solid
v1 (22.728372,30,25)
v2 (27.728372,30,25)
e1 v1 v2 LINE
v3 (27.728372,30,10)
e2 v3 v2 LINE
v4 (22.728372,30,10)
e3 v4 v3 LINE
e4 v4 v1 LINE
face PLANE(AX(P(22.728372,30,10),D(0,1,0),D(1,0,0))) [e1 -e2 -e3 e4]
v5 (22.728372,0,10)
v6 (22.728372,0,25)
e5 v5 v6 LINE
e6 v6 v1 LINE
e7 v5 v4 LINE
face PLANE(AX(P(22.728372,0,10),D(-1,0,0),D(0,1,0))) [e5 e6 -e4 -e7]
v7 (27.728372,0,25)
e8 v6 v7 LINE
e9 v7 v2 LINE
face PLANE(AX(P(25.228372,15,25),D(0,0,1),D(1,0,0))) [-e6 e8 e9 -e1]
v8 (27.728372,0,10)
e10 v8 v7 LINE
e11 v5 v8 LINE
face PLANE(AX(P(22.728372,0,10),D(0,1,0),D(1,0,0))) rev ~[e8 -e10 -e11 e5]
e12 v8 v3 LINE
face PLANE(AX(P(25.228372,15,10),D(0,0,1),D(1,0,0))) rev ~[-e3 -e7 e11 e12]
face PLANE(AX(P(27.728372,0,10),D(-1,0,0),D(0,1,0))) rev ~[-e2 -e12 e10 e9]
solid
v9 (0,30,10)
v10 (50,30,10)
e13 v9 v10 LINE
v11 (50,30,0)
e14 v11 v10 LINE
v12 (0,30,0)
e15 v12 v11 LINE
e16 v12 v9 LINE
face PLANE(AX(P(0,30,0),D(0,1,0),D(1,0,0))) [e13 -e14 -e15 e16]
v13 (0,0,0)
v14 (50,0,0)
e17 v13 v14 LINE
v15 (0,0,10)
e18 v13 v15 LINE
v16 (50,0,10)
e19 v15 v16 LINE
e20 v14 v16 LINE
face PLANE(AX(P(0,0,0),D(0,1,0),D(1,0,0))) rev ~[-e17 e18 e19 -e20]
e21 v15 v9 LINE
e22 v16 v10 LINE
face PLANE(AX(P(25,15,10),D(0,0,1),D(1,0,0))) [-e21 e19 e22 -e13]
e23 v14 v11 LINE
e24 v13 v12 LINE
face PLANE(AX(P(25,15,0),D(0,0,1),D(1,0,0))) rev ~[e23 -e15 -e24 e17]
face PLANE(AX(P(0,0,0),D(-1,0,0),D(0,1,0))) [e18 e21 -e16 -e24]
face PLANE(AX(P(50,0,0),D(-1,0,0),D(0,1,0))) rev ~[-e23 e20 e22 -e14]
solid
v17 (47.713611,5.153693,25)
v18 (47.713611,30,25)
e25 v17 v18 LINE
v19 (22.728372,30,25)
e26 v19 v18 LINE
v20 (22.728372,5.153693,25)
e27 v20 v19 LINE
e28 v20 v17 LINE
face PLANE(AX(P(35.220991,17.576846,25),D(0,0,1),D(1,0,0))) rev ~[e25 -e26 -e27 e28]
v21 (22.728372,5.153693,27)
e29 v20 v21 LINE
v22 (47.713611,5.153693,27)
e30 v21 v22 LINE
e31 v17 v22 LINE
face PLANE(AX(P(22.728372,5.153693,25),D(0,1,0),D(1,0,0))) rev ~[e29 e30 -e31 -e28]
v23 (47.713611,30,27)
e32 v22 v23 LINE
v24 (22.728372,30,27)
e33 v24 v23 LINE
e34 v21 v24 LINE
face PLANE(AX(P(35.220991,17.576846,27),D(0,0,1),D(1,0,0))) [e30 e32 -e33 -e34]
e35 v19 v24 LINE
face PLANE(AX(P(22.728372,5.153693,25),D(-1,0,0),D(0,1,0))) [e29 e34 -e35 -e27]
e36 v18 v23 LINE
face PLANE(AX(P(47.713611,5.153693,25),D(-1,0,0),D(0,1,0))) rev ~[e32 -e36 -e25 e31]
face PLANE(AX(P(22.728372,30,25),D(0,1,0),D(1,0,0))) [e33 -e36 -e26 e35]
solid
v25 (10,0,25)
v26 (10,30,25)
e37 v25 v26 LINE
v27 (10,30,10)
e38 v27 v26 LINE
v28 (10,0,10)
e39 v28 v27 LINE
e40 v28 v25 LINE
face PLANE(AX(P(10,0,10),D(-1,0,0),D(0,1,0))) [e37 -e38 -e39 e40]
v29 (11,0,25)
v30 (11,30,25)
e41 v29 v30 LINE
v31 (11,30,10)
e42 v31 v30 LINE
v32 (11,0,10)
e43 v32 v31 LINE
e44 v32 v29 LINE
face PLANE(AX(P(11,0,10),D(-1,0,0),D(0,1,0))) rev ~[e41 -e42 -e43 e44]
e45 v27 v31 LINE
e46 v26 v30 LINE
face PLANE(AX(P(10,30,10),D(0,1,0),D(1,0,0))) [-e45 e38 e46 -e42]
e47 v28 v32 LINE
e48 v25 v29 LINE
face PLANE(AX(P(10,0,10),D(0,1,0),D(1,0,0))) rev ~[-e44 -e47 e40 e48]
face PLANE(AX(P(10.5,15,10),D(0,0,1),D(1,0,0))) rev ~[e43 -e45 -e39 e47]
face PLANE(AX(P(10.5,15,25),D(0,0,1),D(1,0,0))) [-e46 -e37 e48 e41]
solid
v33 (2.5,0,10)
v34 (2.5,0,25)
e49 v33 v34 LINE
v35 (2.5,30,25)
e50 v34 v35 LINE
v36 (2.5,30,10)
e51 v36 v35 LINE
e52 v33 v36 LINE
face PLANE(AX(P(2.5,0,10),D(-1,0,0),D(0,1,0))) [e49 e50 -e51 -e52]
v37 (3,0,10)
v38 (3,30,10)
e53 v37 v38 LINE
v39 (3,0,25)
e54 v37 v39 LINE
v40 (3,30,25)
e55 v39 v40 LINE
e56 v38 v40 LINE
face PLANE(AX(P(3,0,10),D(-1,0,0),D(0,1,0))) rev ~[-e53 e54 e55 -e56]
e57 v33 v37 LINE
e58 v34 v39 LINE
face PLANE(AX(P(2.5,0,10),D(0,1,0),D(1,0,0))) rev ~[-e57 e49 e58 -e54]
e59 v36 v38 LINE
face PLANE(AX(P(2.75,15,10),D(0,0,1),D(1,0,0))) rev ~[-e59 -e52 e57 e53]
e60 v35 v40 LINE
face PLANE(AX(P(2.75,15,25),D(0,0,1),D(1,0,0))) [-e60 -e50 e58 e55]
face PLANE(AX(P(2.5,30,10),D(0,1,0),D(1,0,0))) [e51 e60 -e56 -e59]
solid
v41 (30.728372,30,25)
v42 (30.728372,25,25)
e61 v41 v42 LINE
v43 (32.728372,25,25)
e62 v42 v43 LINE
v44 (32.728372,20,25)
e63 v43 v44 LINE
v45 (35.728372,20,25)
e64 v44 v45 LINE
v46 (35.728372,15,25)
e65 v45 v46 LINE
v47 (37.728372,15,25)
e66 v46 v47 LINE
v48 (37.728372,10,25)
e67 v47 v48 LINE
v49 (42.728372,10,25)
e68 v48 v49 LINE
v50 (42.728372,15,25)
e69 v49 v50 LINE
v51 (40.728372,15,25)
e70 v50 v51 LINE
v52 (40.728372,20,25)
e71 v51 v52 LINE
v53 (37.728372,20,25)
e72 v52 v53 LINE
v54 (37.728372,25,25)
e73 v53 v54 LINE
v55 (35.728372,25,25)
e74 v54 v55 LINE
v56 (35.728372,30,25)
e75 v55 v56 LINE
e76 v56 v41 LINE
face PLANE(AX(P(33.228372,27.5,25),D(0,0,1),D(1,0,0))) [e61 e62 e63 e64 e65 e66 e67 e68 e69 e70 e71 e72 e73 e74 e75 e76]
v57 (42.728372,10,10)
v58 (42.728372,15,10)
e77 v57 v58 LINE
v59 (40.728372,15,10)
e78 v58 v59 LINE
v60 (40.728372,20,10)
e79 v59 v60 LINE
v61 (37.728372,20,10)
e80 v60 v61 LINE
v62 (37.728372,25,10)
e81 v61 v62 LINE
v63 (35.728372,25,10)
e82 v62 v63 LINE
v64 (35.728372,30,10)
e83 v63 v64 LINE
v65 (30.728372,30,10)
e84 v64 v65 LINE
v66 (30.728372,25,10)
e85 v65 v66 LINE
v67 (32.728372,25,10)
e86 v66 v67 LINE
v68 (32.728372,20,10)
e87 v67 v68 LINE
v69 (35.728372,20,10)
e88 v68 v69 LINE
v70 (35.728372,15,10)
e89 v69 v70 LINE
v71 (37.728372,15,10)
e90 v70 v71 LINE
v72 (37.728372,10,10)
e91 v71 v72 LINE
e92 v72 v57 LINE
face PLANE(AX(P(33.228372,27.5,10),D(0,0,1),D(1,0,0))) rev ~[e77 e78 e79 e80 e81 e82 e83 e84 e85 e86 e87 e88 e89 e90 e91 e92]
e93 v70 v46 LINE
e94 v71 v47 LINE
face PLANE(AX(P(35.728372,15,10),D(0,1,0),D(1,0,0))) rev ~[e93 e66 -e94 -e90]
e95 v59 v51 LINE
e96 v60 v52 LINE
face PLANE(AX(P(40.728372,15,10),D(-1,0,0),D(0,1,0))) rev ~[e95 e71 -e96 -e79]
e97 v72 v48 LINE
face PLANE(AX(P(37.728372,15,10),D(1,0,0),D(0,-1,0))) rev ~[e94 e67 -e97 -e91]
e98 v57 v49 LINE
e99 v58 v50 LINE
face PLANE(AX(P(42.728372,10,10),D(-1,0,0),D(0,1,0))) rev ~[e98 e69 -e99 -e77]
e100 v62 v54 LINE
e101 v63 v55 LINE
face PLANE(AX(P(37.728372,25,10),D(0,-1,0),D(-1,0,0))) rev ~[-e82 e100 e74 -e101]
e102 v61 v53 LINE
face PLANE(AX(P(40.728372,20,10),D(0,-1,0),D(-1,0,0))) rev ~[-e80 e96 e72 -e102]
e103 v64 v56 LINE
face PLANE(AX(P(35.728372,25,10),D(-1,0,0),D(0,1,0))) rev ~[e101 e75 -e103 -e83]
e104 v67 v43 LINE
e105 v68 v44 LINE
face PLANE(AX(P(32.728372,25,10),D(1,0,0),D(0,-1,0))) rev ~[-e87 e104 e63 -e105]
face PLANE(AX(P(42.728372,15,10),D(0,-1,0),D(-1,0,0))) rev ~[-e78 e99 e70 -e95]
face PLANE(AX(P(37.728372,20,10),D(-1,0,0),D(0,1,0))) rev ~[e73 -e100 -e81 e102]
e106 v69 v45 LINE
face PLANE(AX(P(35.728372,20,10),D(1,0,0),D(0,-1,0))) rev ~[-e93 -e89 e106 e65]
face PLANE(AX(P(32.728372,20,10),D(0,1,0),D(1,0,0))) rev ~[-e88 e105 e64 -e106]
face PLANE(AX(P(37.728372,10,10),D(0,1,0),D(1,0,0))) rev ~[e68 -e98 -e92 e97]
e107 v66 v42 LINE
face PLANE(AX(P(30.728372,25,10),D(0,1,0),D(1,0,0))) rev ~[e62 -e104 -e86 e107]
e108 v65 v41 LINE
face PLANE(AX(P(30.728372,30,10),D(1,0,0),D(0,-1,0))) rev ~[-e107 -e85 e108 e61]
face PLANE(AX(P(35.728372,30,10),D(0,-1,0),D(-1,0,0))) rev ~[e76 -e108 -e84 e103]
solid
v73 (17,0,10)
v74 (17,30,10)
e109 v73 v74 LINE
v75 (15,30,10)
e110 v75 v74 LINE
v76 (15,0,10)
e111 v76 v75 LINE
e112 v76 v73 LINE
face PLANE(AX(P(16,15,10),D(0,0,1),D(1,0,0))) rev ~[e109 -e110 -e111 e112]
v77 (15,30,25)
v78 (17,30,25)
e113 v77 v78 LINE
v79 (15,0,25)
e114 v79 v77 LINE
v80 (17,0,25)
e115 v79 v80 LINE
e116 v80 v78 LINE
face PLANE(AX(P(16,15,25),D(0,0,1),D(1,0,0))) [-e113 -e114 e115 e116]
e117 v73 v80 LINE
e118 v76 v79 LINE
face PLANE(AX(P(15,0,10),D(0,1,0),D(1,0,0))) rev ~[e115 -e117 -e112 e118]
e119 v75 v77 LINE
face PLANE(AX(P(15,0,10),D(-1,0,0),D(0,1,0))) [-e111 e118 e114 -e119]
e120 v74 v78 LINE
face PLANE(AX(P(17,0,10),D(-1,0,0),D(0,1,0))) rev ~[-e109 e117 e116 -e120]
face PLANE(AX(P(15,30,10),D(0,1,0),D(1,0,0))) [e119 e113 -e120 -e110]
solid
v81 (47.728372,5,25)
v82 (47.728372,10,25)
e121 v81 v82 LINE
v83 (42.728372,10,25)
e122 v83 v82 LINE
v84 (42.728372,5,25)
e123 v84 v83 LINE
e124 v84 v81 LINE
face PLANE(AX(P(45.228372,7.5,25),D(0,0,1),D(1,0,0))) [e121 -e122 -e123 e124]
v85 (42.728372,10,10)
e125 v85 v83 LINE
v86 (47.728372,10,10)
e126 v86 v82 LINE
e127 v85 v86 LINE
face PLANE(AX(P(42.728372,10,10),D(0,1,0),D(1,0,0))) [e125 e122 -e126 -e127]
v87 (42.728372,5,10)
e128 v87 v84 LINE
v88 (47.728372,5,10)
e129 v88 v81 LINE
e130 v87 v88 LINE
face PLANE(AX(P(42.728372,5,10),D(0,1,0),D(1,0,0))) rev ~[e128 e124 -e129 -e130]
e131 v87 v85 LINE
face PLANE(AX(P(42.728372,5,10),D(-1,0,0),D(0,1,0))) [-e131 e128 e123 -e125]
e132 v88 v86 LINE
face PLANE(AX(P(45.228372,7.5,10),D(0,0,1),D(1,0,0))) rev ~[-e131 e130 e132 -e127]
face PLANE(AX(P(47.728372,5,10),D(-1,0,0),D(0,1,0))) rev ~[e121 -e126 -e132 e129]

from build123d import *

# Parameters (mm, degrees)
F0_W     = 50
F0_H     = 30
F1_DEPTH = 10
F2_W     = 0.5
F2_H     = 30
F2_W_2   = 1
F2_W_3   = 2
F2_W_4   = 5
F2_H_2   = 5
F3_DEPTH = 15
F4_W     = 24.985239
F4_H     = 24.846307
F5_DEPTH = 2


with BuildPart() as f1:
    # F0 (on Top) → F1 (new body)
    with BuildSketch(Plane.XY):
        with Locations((25, 15)):
            Rectangle(F0_W, F0_H)
    extrude(amount=F1_DEPTH)


with BuildPart() as f3:
    # F2 (on face) → F3 (new body)
    with BuildSketch(Plane.XY.offset(10)):
        with Locations((2.75, 15)):
            Rectangle(F2_W, F2_H)
        with Locations((10.5, 15)):
            Rectangle(F2_W_2, F2_H)
        with Locations((16, 15)):
            Rectangle(F2_W_3, F2_H)
        with Locations((25.228372, 15)):
            Rectangle(F2_W_4, F2_H)
        with Locations((45.228372, 7.5)):
            Rectangle(F2_W_4, F2_H_2)
        Polygon((35.728372, 30), (30.728372, 30), (30.728372, 25), (32.728372, 25), (35.728372, 25), align=None)
        Polygon((37.728372, 25), (35.728372, 25), (32.728372, 25), (32.728372, 20), (35.728372, 20), (37.728372, 20), align=None)
        Polygon((40.728372, 20), (37.728372, 20), (35.728372, 20), (35.728372, 15), (37.728372, 15), (40.728372, 15), align=None)
        Polygon((42.728372, 15), (40.728372, 15), (37.728372, 15), (37.728372, 10), (42.728372, 10), align=None)
    extrude(amount=F3_DEPTH)


with BuildPart() as f5:
    # F4 (on face) → F5 (new body)
    with BuildSketch(Plane.XY.offset(25)):
        with Locations((35.220991, 17.576846)):
            Rectangle(F4_W, F4_H)
    extrude(amount=F5_DEPTH)


solid = Compound([f1.part, f3.part, f5.part])
